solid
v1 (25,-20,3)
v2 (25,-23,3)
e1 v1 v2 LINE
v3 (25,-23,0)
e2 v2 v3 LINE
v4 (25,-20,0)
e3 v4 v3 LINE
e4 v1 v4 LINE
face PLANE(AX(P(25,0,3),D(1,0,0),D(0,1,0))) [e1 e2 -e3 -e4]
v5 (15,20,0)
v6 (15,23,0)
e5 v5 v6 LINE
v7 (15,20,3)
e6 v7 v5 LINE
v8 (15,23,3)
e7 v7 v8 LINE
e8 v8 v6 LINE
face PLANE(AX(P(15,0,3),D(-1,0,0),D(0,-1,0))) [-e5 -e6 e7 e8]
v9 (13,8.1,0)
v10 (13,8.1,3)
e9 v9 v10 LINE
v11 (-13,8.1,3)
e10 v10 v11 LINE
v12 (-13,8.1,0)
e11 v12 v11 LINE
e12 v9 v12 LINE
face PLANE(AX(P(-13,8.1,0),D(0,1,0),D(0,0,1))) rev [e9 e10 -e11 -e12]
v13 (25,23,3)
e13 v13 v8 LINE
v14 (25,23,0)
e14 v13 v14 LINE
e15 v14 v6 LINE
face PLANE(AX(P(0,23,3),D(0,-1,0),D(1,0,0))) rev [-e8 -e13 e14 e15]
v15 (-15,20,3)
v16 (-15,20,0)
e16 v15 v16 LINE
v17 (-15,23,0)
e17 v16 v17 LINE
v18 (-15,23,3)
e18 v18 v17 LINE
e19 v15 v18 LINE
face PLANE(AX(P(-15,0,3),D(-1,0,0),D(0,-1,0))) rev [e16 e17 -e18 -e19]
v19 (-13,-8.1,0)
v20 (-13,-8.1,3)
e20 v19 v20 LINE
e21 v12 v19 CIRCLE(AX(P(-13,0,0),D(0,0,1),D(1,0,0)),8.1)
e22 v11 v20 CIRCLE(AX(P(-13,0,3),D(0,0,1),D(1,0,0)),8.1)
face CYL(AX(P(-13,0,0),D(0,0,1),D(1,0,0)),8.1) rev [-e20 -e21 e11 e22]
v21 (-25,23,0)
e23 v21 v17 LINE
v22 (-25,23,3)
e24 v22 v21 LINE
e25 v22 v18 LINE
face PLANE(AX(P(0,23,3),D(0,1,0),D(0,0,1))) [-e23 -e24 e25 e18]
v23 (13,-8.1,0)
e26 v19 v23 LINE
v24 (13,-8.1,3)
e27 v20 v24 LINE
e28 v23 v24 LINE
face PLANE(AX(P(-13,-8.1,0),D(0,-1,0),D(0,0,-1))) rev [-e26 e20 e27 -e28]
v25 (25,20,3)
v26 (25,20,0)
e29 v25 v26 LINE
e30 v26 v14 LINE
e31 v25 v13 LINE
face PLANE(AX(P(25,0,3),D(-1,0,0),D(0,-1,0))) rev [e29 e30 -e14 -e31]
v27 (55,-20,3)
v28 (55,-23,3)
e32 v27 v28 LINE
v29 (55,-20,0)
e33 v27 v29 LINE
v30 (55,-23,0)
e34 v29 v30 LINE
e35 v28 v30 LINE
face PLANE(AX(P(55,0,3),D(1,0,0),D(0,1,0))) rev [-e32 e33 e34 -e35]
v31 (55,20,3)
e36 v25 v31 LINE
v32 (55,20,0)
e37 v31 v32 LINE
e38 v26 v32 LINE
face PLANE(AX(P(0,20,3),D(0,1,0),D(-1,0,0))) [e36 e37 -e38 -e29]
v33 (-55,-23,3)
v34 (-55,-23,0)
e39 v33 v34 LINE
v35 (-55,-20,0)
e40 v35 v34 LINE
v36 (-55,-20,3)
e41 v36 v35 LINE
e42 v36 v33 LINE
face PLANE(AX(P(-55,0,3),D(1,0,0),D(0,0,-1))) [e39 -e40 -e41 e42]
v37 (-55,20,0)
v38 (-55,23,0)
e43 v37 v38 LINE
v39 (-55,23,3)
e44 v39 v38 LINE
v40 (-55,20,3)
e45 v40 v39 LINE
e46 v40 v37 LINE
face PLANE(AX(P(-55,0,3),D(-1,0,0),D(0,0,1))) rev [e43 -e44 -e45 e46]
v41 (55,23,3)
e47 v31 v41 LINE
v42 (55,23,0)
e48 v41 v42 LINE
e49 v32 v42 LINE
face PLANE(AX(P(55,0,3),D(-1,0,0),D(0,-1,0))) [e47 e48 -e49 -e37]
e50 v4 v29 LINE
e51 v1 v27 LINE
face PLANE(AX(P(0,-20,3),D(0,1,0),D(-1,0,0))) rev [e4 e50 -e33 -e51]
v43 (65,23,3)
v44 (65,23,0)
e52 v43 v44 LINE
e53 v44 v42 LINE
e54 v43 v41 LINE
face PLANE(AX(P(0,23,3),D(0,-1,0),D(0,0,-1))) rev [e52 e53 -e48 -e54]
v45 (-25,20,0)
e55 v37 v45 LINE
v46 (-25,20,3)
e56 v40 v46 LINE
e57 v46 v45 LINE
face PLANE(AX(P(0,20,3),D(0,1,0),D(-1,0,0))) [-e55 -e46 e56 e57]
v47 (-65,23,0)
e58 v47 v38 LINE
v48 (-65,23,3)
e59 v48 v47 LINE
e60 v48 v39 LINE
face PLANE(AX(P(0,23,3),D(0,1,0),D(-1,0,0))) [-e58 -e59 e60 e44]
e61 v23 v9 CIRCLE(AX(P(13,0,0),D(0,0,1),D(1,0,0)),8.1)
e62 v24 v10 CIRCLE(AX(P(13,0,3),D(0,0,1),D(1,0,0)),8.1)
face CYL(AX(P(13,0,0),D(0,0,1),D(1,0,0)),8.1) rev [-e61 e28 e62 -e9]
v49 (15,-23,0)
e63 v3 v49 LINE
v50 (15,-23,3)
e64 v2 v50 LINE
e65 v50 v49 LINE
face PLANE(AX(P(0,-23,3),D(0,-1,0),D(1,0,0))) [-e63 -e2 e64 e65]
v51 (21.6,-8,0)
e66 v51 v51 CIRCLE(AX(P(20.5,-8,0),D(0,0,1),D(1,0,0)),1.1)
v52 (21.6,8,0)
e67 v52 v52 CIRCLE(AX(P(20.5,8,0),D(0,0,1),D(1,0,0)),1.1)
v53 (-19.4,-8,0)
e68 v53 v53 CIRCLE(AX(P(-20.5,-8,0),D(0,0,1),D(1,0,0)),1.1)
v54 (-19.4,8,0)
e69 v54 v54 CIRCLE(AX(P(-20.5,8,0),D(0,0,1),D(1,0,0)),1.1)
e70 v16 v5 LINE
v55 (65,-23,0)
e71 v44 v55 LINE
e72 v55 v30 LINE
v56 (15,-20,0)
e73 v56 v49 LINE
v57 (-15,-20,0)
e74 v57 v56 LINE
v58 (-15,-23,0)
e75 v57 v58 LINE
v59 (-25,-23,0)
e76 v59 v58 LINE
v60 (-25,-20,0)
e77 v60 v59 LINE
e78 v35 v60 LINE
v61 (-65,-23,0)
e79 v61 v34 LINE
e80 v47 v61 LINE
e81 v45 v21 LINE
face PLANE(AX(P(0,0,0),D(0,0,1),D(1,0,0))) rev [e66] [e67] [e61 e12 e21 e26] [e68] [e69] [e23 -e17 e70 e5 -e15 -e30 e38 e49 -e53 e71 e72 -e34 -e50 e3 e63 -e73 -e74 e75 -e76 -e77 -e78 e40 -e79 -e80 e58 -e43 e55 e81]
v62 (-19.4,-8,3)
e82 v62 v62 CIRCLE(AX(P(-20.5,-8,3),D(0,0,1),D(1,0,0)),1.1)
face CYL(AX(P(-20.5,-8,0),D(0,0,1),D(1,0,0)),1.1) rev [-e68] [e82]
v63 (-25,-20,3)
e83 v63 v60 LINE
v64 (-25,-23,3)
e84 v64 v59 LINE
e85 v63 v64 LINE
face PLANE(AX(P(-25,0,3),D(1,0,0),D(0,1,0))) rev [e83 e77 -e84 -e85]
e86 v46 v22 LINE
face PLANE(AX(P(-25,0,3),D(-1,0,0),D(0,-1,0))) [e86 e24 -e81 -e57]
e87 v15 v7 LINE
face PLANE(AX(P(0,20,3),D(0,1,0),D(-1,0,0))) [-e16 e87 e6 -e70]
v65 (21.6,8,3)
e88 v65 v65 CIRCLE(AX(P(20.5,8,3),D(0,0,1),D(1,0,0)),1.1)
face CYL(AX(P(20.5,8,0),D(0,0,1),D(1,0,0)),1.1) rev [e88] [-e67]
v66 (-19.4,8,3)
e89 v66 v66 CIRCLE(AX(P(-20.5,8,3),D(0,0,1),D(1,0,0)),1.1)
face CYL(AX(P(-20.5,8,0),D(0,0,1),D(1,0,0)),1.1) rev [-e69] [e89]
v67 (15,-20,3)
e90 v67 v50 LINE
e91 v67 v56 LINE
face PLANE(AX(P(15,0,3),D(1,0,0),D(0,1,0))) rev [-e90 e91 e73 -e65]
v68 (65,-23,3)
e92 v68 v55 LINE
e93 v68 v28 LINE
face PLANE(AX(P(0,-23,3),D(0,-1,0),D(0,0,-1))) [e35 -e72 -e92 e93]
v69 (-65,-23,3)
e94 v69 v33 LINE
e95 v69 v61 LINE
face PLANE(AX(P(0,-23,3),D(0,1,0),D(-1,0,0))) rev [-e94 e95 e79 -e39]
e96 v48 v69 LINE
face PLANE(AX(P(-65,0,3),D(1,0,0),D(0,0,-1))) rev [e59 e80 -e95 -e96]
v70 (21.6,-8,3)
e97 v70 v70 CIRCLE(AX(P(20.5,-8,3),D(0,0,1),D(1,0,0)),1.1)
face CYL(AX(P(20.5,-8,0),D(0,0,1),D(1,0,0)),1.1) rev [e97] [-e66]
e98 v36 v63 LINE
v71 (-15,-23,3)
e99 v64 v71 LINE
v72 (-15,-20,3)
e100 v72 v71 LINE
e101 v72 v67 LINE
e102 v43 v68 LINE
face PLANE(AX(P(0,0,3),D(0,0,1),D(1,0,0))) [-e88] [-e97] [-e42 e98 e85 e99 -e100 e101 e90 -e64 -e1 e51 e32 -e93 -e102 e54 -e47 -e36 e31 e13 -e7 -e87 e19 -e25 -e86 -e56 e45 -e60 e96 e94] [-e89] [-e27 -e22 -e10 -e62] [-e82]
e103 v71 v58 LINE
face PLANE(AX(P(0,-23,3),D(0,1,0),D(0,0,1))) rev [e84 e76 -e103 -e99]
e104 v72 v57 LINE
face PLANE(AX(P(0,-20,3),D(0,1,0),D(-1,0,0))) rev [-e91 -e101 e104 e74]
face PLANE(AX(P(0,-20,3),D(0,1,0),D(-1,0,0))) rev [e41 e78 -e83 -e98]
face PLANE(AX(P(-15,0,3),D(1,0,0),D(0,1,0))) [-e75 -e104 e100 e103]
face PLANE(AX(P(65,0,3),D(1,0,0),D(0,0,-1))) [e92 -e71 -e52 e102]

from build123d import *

# Parameters (mm, degrees)
SKETCH1_W           = 10
SKETCH1_H           = 3
BOSS_EXTRUDE1_DEPTH = 3
SKETCH4_R           = 1.1
CUT_EXTRUDE2_DEPTH  = 70.014491232


with BuildPart() as part:
    # Sketch1 → Boss-Extrude1 (new body)
    with BuildSketch(Plane.XY):
        Polygon((-65, 20), (-65, 0), (65, 0), (65, 20), (55, 20), (25, 20), (15, 20), (-15, 20), (-25, 20), (-55, 20), align=None)
        Polygon((65, 0), (-65, 0), (-65, -20), (-55, -20), (-25, -20), (-15, -20), (15, -20), (25, -20), (55, -20), (65, -20), align=None)
        with Locations((-60, 21.5)):
            Rectangle(SKETCH1_W, SKETCH1_H)
        with Locations((-20, 21.5)):
            Rectangle(SKETCH1_W, SKETCH1_H)
        with Locations((20, 21.5)):
            Rectangle(SKETCH1_W, SKETCH1_H)
        with Locations((60, 21.5)):
            Rectangle(SKETCH1_W, SKETCH1_H)
        with Locations((60, -21.5)):
            Rectangle(SKETCH1_W, SKETCH1_H)
        with Locations((20, -21.5)):
            Rectangle(SKETCH1_W, SKETCH1_H)
        with Locations((-20, -21.5)):
            Rectangle(SKETCH1_W, SKETCH1_H)
        with Locations((-60, -21.5)):
            Rectangle(SKETCH1_W, SKETCH1_H)
    extrude(amount=BOSS_EXTRUDE1_DEPTH)

    # Sketch4 → Cut-Extrude2 (cut, through all)
    with BuildSketch(Plane.XY.offset(3)):
        with Locations((-20.5, 8)):
            Circle(SKETCH4_R)
        with Locations((-20.5, -8)):
            Circle(SKETCH4_R)
        with Locations((20.5, 8)):
            Circle(SKETCH4_R)
        with Locations((20.5, -8)):
            Circle(SKETCH4_R)
        with BuildLine():
            Line((-13, 8.1), (13, 8.1))
            ThreePointArc((13, 8.1), (21.1, 0), (13, -8.1))
            Line((13, -8.1), (-13, -8.1))
            ThreePointArc((-13, -8.1), (-21.1, 0), (-13, 8.1))
        make_face()
    extrude(amount=-CUT_EXTRUDE2_DEPTH, mode=Mode.SUBTRACT)


solid = part.part
